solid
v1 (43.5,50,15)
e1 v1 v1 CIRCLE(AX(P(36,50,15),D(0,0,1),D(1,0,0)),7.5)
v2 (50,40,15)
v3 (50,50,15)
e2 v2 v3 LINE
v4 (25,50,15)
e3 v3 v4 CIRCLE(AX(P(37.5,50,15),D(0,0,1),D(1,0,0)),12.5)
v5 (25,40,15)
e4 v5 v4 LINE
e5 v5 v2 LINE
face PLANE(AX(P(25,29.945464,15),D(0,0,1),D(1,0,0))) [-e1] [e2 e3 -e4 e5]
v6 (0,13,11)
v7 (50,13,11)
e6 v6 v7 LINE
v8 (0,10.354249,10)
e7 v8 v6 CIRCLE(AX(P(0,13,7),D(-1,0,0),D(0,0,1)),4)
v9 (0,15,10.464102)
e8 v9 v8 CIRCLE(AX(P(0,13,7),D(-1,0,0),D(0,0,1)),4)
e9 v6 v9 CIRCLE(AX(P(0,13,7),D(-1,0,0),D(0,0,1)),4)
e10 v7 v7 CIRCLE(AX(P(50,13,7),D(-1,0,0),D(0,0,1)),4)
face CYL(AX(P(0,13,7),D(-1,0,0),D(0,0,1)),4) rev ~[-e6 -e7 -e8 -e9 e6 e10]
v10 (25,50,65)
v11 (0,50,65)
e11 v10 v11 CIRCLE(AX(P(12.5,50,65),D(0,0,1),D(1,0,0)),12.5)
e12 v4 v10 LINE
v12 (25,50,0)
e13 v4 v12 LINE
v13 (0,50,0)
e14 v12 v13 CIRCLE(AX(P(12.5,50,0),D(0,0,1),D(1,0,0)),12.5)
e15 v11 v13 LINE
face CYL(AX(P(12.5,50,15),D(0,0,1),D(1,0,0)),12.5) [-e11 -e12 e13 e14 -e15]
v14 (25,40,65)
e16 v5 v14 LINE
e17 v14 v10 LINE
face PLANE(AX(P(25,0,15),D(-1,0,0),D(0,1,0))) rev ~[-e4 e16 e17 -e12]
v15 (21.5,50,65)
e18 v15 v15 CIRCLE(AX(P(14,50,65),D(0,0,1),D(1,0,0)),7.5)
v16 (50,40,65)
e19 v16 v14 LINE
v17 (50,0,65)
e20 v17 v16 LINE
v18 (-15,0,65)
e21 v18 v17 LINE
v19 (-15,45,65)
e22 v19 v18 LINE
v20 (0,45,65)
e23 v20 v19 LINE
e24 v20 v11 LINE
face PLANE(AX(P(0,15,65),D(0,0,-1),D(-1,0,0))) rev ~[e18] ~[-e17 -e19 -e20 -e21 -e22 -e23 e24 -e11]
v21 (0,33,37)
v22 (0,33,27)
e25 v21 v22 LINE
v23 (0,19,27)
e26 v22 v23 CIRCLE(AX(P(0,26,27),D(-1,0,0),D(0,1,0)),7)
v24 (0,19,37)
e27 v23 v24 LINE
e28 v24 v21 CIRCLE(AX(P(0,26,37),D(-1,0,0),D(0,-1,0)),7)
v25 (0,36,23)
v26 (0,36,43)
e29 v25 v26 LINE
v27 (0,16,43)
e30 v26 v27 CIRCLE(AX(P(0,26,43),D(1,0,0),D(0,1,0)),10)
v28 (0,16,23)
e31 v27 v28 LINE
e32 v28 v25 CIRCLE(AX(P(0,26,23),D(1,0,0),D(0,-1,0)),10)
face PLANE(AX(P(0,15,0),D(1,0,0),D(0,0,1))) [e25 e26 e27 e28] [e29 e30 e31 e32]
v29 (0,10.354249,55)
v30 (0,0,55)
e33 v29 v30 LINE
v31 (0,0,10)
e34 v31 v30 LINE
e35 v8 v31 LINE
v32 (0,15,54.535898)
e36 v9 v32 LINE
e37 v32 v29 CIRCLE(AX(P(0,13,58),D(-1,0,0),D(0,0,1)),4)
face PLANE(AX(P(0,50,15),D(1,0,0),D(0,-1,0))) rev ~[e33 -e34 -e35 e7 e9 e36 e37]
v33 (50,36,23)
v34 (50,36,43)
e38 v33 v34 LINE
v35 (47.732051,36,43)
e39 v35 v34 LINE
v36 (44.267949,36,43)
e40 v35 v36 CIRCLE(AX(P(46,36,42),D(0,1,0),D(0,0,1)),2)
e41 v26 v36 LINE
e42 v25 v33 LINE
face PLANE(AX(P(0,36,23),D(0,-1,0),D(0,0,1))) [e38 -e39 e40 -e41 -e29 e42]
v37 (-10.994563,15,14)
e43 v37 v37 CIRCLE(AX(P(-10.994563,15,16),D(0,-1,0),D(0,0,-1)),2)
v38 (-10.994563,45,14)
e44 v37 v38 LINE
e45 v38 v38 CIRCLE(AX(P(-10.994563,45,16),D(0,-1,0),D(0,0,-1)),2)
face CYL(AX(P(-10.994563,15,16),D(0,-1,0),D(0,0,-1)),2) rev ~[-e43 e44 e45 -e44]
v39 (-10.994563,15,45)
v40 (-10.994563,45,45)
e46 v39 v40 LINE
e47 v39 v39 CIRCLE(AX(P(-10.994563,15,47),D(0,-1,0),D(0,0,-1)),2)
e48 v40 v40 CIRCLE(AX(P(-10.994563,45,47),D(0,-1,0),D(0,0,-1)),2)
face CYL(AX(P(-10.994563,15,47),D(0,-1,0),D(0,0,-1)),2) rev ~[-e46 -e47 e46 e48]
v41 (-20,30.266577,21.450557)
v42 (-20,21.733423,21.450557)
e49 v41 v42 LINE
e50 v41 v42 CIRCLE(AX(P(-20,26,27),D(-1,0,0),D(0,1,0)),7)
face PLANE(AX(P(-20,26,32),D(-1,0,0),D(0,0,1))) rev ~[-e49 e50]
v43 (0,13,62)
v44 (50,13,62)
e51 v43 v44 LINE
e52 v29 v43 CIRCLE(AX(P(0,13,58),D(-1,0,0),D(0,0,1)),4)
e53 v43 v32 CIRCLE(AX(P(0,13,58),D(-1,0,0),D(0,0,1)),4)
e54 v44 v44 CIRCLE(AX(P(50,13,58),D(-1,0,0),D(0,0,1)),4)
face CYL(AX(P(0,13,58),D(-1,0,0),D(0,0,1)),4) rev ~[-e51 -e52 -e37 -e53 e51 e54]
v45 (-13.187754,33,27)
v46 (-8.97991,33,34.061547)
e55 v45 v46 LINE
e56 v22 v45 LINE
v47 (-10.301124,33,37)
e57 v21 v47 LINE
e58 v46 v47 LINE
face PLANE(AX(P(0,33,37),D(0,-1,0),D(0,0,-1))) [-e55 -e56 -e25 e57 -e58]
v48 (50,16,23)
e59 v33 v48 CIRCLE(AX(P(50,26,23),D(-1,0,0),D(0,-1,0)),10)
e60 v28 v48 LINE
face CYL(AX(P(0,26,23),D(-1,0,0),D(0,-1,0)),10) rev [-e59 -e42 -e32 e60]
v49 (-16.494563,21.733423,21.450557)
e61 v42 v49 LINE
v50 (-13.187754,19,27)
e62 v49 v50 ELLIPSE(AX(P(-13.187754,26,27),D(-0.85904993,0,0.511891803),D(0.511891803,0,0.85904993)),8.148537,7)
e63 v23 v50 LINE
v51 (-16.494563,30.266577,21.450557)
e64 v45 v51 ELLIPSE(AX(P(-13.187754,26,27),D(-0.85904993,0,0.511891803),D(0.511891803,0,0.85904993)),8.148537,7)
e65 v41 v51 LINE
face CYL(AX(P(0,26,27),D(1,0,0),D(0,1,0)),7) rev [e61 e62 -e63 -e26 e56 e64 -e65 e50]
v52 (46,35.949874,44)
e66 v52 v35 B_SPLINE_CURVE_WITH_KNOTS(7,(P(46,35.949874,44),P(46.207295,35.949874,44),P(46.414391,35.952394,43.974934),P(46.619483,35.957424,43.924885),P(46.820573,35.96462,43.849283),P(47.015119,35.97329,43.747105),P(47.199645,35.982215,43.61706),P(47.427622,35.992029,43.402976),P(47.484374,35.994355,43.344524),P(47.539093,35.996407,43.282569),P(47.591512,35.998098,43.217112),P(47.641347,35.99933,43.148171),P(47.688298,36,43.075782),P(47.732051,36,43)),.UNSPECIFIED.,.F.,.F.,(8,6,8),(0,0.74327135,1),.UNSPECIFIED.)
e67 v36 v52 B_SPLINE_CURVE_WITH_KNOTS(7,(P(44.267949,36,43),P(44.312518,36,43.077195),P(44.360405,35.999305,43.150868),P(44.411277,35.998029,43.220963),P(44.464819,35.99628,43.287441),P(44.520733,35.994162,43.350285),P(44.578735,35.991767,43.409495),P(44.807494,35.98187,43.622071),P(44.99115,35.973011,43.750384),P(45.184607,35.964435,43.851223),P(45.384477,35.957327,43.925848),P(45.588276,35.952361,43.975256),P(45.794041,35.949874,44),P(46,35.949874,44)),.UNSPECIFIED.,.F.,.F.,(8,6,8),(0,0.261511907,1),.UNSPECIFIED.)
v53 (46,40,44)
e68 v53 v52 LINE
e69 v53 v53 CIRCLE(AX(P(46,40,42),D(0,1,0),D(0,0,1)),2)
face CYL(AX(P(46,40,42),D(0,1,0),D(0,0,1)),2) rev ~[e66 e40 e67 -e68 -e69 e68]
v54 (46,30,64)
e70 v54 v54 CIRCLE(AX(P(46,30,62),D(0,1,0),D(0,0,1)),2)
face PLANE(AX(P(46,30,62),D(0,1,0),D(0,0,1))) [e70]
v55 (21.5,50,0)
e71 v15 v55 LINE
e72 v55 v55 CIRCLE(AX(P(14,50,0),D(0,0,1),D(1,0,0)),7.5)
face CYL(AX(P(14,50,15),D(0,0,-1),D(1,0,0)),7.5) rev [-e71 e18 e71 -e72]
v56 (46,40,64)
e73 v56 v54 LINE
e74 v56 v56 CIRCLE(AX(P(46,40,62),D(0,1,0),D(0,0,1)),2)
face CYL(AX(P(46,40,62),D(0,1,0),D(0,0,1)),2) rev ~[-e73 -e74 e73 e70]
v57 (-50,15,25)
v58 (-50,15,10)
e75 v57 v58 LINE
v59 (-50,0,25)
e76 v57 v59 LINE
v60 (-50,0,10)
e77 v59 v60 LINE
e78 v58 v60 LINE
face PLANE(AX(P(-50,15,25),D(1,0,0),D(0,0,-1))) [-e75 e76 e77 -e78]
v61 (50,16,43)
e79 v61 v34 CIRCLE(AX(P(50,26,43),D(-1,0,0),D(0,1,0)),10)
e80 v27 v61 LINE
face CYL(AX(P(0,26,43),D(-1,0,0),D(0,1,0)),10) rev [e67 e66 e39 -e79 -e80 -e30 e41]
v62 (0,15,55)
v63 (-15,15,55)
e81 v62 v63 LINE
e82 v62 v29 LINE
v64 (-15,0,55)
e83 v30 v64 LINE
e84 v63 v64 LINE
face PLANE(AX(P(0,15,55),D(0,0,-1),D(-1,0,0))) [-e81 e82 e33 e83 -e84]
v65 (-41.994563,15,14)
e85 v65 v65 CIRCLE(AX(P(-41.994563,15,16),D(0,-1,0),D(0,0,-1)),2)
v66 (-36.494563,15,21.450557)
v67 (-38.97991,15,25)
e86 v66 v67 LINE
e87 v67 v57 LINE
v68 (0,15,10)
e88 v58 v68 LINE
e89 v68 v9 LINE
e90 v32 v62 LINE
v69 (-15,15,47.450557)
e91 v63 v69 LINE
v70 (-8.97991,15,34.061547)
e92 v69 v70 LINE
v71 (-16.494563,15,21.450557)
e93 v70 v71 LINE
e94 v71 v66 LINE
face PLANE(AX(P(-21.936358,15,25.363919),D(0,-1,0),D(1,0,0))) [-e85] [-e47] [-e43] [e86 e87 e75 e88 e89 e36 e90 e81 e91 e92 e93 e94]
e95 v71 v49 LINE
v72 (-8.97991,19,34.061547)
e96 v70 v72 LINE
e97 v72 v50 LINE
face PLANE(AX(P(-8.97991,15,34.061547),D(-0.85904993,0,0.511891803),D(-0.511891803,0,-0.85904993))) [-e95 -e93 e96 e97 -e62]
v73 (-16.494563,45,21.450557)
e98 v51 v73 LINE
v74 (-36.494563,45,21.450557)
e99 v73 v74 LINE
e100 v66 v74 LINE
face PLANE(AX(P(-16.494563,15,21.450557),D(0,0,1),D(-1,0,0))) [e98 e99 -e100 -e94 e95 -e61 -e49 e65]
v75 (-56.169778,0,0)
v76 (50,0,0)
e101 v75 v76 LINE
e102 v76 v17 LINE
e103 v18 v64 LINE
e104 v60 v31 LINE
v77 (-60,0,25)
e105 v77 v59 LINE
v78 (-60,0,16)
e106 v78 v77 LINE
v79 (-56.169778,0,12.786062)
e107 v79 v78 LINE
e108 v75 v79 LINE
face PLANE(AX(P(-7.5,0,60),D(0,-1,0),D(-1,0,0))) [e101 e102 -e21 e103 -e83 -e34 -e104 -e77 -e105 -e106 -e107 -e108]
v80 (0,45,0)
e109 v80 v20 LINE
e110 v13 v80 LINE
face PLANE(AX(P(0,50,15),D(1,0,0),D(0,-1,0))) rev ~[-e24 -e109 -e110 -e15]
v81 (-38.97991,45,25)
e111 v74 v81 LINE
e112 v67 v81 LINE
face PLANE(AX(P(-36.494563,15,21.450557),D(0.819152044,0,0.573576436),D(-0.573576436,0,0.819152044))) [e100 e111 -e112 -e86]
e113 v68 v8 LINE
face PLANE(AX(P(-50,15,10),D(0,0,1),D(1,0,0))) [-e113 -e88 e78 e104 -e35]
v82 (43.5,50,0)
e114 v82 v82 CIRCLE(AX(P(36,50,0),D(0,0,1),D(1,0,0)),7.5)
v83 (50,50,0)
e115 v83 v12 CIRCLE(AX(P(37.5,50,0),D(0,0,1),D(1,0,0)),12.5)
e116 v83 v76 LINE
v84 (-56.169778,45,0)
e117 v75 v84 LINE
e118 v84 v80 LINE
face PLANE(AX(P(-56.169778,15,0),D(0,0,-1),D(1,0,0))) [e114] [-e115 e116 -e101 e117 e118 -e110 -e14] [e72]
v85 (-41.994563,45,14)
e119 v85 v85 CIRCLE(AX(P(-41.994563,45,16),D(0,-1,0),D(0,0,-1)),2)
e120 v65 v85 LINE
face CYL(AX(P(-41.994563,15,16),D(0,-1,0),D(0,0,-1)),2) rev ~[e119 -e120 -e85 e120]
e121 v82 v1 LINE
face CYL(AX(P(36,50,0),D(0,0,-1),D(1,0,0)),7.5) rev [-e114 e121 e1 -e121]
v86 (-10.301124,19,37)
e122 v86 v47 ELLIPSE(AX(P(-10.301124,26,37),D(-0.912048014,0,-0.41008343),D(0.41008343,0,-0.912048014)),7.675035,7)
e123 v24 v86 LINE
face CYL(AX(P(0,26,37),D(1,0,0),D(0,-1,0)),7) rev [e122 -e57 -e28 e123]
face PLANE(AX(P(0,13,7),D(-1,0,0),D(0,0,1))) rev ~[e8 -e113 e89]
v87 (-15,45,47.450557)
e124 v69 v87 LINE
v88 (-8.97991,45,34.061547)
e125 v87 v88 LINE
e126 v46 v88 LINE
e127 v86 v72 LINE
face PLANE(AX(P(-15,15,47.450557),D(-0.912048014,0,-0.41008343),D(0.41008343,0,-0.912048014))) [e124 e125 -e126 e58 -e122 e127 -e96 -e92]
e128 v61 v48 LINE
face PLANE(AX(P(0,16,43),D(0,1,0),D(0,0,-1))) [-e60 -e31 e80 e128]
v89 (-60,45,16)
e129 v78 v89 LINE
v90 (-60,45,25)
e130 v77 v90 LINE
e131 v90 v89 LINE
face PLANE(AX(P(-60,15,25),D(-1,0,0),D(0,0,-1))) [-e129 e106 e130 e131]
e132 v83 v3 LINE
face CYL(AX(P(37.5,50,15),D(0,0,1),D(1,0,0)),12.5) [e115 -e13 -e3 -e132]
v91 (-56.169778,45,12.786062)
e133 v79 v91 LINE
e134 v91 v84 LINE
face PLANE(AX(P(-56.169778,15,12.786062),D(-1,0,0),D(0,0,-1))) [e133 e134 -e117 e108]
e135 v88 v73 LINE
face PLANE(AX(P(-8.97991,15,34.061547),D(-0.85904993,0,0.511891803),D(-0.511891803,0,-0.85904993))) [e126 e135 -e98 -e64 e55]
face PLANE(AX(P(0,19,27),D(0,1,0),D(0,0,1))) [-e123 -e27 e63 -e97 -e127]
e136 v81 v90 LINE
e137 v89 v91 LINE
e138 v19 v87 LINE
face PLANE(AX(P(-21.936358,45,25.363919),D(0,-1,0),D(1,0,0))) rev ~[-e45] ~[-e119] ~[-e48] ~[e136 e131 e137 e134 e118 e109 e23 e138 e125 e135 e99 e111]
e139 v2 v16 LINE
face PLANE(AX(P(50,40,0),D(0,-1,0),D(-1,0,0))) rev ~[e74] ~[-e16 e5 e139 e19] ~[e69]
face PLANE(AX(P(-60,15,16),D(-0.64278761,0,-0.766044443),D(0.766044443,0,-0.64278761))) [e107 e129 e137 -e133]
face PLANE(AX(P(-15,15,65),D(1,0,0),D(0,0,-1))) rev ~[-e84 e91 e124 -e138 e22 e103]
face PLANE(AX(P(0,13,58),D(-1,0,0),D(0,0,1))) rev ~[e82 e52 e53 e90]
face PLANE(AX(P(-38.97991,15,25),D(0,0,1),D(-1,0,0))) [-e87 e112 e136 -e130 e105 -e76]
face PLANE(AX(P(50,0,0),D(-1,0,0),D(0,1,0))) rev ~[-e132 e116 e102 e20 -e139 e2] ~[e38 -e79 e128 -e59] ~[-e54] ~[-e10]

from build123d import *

# Parameters (mm, degrees)
SKETCH1_R               = 7.5
BOSS_EXTRUDE1_DEPTH     = 15
SKETCH2_R               = 7.5
BOSS_EXTRUDE2_DEPTH     = 50
SKETCH3_W               = 50
SKETCH3_H               = 40
BOSS_EXTRUDE3_DEPTH     = 65
CUT_EXTRUDE1_DEPTH      = 105.024035684
CUT_EXTRUDE2_DEPTH      = 96.372952141
BOSS_EXTRUDE7_START     = -15
SKETCH6_R               = 2
BOSS_EXTRUDE7_DEPTH     = 30
SKETCH8_W               = 15
SKETCH8_H               = 10
BOSS_EXTRUDE10_DEPTH    = 15
SKETCH9_R               = 4
CUT_EXTRUDE3_DEPTH      = 109.310895112
CUT_EXTRUDE6_DEPTH      = 20
ESQUISSE1_R             = 2
ENL_V_MAT_EXTRU_1_DEPTH = 10


with BuildPart() as part:
    # Sketch1 → Boss-Extrude1 (new body)
    with BuildSketch(Plane.XY):
        with BuildLine():
            Line((0, 0), (50, 0))
            Line((50, 0), (50, 50))
            ThreePointArc((50, 50), (40.582575695, 63.228756555), (25, 58.660254038))
            ThreePointArc((25, 58.660254038), (9.417424305, 63.228756555), (0, 50))
            Line((0, 50), (0, 0))
        make_face()
        with Locations((36, 50)):
            Circle(SKETCH1_R, mode=Mode.SUBTRACT)
        with Locations((14, 50)):
            Circle(SKETCH1_R, mode=Mode.SUBTRACT)
    extrude(amount=BOSS_EXTRUDE1_DEPTH)

    # Sketch2 → Boss-Extrude2 (add)
    with BuildSketch(Plane.XY.offset(15)):
        with BuildLine():
            Line((0, 50), (0, 0))
            Line((0, 0), (25, 0))
            Line((25, 0), (25, 50))
            ThreePointArc((25, 50), (12.5, 62.5), (0, 50))
        make_face()
        with Locations((14, 50)):
            Circle(SKETCH2_R, mode=Mode.SUBTRACT)
    extrude(amount=BOSS_EXTRUDE2_DEPTH)

    # Sketch3 → Boss-Extrude3 (add)
    with BuildSketch(Plane(origin=(0, 0, 0), x_dir=(-1, 0, 0), z_dir=(0, 0, -1))):
        with Locations((-25, 20)):
            Rectangle(SKETCH3_W, SKETCH3_H)
    extrude(amount=-BOSS_EXTRUDE3_DEPTH)

    # Sketch4 → Cut-Extrude1 (cut, through all)
    with BuildSketch(Plane.ZY):
        with BuildLine():
            Line((23, 36), (43, 36))
            ThreePointArc((43, 36), (53, 26), (43, 16))
            Line((43, 16), (23, 16))
            ThreePointArc((23, 16), (13, 26), (23, 36))
        make_face()
    extrude(amount=-CUT_EXTRUDE1_DEPTH, mode=Mode.SUBTRACT)

    # Sketch2<3> → Cut-Extrude2 (cut, through all)
    with BuildSketch(Plane.XY.offset(15)):
        with BuildLine():
            ThreePointArc((25, 58.660254038), (9.417424305, 63.228756555), (0, 50))
            ThreePointArc((0, 50), (12.5, 62.5), (25, 50))
            ThreePointArc((25, 50), (37.5, 62.5), (50, 50))
            ThreePointArc((50, 50), (40.582575695, 63.228756555), (25, 58.660254038))
        make_face()
    extrude(amount=-CUT_EXTRUDE2_DEPTH, mode=Mode.SUBTRACT)

    # Sketch6 → Boss-Extrude7 (add)
    with BuildSketch(Plane.XZ.offset(BOSS_EXTRUDE7_START)):
        Polygon((0, 65), (-15, 65), (-15, 47.450556951), (-8.979909906, 34.061546791), (-16.494563126, 21.450556951), (-36.494563126, 21.450556951), (-38.979909906, 25), (-60, 25), (-60, 16), (-56.169777784, 12.786061952), (-56.169777784, 0), (0, 0), align=None)
        with Locations((-41.994563126, 16)):
            Circle(SKETCH6_R, mode=Mode.SUBTRACT)
        with Locations((-10.994563126, 16)):
            Circle(SKETCH6_R, mode=Mode.SUBTRACT)
        with Locations((-10.994563126, 47)):
            Circle(SKETCH6_R, mode=Mode.SUBTRACT)
    extrude(amount=-BOSS_EXTRUDE7_DEPTH)

    # Sketch8 → Boss-Extrude10 (add)
    with BuildSketch(Plane(origin=(0, 15, 0), x_dir=(-1, 0, 0), z_dir=(0, -1, 0))):
        Polygon((50, -25), (60, -25), (60, -16), (56.169777784, -12.786061952), (56.169777784, 0), (0, 0), (0, -10), (50, -10), align=None)
        with Locations((7.5, -60)):
            Rectangle(SKETCH8_W, SKETCH8_H)
    extrude(amount=BOSS_EXTRUDE10_DEPTH)

    # Sketch9 → Cut-Extrude3 (cut, through all)
    with BuildSketch(Plane.ZY):
        with Locations((58, 13)):
            Circle(SKETCH9_R)
        with Locations((7, 13)):
            Circle(SKETCH9_R)
    extrude(amount=-CUT_EXTRUDE3_DEPTH, mode=Mode.SUBTRACT)

    # Sketch10 → Cut-Extrude6 (cut)
    with BuildSketch(Plane(origin=(0, 0, 0), x_dir=(0, 0, -1), z_dir=(1, 0, 0))):
        with BuildLine():
            Line((-37, 33), (-27, 33))
            ThreePointArc((-27, 33), (-20, 26), (-27, 19))
            Line((-27, 19), (-37, 19))
            ThreePointArc((-37, 19), (-44, 26), (-37, 33))
        make_face()
    extrude(amount=-CUT_EXTRUDE6_DEPTH, mode=Mode.SUBTRACT)

    # Esquisse1 → Enlèv. mat.-Extru.1 (cut)
    with BuildSketch(Plane(origin=(0, 40, 0), x_dir=(1, 0, 0), z_dir=(0, 1, 0))):
        with Locations((46, -42)):
            Circle(ESQUISSE1_R)
        with Locations((46, -62)):
            Circle(ESQUISSE1_R)
    extrude(amount=-ENL_V_MAT_EXTRU_1_DEPTH, mode=Mode.SUBTRACT)


solid = part.part
